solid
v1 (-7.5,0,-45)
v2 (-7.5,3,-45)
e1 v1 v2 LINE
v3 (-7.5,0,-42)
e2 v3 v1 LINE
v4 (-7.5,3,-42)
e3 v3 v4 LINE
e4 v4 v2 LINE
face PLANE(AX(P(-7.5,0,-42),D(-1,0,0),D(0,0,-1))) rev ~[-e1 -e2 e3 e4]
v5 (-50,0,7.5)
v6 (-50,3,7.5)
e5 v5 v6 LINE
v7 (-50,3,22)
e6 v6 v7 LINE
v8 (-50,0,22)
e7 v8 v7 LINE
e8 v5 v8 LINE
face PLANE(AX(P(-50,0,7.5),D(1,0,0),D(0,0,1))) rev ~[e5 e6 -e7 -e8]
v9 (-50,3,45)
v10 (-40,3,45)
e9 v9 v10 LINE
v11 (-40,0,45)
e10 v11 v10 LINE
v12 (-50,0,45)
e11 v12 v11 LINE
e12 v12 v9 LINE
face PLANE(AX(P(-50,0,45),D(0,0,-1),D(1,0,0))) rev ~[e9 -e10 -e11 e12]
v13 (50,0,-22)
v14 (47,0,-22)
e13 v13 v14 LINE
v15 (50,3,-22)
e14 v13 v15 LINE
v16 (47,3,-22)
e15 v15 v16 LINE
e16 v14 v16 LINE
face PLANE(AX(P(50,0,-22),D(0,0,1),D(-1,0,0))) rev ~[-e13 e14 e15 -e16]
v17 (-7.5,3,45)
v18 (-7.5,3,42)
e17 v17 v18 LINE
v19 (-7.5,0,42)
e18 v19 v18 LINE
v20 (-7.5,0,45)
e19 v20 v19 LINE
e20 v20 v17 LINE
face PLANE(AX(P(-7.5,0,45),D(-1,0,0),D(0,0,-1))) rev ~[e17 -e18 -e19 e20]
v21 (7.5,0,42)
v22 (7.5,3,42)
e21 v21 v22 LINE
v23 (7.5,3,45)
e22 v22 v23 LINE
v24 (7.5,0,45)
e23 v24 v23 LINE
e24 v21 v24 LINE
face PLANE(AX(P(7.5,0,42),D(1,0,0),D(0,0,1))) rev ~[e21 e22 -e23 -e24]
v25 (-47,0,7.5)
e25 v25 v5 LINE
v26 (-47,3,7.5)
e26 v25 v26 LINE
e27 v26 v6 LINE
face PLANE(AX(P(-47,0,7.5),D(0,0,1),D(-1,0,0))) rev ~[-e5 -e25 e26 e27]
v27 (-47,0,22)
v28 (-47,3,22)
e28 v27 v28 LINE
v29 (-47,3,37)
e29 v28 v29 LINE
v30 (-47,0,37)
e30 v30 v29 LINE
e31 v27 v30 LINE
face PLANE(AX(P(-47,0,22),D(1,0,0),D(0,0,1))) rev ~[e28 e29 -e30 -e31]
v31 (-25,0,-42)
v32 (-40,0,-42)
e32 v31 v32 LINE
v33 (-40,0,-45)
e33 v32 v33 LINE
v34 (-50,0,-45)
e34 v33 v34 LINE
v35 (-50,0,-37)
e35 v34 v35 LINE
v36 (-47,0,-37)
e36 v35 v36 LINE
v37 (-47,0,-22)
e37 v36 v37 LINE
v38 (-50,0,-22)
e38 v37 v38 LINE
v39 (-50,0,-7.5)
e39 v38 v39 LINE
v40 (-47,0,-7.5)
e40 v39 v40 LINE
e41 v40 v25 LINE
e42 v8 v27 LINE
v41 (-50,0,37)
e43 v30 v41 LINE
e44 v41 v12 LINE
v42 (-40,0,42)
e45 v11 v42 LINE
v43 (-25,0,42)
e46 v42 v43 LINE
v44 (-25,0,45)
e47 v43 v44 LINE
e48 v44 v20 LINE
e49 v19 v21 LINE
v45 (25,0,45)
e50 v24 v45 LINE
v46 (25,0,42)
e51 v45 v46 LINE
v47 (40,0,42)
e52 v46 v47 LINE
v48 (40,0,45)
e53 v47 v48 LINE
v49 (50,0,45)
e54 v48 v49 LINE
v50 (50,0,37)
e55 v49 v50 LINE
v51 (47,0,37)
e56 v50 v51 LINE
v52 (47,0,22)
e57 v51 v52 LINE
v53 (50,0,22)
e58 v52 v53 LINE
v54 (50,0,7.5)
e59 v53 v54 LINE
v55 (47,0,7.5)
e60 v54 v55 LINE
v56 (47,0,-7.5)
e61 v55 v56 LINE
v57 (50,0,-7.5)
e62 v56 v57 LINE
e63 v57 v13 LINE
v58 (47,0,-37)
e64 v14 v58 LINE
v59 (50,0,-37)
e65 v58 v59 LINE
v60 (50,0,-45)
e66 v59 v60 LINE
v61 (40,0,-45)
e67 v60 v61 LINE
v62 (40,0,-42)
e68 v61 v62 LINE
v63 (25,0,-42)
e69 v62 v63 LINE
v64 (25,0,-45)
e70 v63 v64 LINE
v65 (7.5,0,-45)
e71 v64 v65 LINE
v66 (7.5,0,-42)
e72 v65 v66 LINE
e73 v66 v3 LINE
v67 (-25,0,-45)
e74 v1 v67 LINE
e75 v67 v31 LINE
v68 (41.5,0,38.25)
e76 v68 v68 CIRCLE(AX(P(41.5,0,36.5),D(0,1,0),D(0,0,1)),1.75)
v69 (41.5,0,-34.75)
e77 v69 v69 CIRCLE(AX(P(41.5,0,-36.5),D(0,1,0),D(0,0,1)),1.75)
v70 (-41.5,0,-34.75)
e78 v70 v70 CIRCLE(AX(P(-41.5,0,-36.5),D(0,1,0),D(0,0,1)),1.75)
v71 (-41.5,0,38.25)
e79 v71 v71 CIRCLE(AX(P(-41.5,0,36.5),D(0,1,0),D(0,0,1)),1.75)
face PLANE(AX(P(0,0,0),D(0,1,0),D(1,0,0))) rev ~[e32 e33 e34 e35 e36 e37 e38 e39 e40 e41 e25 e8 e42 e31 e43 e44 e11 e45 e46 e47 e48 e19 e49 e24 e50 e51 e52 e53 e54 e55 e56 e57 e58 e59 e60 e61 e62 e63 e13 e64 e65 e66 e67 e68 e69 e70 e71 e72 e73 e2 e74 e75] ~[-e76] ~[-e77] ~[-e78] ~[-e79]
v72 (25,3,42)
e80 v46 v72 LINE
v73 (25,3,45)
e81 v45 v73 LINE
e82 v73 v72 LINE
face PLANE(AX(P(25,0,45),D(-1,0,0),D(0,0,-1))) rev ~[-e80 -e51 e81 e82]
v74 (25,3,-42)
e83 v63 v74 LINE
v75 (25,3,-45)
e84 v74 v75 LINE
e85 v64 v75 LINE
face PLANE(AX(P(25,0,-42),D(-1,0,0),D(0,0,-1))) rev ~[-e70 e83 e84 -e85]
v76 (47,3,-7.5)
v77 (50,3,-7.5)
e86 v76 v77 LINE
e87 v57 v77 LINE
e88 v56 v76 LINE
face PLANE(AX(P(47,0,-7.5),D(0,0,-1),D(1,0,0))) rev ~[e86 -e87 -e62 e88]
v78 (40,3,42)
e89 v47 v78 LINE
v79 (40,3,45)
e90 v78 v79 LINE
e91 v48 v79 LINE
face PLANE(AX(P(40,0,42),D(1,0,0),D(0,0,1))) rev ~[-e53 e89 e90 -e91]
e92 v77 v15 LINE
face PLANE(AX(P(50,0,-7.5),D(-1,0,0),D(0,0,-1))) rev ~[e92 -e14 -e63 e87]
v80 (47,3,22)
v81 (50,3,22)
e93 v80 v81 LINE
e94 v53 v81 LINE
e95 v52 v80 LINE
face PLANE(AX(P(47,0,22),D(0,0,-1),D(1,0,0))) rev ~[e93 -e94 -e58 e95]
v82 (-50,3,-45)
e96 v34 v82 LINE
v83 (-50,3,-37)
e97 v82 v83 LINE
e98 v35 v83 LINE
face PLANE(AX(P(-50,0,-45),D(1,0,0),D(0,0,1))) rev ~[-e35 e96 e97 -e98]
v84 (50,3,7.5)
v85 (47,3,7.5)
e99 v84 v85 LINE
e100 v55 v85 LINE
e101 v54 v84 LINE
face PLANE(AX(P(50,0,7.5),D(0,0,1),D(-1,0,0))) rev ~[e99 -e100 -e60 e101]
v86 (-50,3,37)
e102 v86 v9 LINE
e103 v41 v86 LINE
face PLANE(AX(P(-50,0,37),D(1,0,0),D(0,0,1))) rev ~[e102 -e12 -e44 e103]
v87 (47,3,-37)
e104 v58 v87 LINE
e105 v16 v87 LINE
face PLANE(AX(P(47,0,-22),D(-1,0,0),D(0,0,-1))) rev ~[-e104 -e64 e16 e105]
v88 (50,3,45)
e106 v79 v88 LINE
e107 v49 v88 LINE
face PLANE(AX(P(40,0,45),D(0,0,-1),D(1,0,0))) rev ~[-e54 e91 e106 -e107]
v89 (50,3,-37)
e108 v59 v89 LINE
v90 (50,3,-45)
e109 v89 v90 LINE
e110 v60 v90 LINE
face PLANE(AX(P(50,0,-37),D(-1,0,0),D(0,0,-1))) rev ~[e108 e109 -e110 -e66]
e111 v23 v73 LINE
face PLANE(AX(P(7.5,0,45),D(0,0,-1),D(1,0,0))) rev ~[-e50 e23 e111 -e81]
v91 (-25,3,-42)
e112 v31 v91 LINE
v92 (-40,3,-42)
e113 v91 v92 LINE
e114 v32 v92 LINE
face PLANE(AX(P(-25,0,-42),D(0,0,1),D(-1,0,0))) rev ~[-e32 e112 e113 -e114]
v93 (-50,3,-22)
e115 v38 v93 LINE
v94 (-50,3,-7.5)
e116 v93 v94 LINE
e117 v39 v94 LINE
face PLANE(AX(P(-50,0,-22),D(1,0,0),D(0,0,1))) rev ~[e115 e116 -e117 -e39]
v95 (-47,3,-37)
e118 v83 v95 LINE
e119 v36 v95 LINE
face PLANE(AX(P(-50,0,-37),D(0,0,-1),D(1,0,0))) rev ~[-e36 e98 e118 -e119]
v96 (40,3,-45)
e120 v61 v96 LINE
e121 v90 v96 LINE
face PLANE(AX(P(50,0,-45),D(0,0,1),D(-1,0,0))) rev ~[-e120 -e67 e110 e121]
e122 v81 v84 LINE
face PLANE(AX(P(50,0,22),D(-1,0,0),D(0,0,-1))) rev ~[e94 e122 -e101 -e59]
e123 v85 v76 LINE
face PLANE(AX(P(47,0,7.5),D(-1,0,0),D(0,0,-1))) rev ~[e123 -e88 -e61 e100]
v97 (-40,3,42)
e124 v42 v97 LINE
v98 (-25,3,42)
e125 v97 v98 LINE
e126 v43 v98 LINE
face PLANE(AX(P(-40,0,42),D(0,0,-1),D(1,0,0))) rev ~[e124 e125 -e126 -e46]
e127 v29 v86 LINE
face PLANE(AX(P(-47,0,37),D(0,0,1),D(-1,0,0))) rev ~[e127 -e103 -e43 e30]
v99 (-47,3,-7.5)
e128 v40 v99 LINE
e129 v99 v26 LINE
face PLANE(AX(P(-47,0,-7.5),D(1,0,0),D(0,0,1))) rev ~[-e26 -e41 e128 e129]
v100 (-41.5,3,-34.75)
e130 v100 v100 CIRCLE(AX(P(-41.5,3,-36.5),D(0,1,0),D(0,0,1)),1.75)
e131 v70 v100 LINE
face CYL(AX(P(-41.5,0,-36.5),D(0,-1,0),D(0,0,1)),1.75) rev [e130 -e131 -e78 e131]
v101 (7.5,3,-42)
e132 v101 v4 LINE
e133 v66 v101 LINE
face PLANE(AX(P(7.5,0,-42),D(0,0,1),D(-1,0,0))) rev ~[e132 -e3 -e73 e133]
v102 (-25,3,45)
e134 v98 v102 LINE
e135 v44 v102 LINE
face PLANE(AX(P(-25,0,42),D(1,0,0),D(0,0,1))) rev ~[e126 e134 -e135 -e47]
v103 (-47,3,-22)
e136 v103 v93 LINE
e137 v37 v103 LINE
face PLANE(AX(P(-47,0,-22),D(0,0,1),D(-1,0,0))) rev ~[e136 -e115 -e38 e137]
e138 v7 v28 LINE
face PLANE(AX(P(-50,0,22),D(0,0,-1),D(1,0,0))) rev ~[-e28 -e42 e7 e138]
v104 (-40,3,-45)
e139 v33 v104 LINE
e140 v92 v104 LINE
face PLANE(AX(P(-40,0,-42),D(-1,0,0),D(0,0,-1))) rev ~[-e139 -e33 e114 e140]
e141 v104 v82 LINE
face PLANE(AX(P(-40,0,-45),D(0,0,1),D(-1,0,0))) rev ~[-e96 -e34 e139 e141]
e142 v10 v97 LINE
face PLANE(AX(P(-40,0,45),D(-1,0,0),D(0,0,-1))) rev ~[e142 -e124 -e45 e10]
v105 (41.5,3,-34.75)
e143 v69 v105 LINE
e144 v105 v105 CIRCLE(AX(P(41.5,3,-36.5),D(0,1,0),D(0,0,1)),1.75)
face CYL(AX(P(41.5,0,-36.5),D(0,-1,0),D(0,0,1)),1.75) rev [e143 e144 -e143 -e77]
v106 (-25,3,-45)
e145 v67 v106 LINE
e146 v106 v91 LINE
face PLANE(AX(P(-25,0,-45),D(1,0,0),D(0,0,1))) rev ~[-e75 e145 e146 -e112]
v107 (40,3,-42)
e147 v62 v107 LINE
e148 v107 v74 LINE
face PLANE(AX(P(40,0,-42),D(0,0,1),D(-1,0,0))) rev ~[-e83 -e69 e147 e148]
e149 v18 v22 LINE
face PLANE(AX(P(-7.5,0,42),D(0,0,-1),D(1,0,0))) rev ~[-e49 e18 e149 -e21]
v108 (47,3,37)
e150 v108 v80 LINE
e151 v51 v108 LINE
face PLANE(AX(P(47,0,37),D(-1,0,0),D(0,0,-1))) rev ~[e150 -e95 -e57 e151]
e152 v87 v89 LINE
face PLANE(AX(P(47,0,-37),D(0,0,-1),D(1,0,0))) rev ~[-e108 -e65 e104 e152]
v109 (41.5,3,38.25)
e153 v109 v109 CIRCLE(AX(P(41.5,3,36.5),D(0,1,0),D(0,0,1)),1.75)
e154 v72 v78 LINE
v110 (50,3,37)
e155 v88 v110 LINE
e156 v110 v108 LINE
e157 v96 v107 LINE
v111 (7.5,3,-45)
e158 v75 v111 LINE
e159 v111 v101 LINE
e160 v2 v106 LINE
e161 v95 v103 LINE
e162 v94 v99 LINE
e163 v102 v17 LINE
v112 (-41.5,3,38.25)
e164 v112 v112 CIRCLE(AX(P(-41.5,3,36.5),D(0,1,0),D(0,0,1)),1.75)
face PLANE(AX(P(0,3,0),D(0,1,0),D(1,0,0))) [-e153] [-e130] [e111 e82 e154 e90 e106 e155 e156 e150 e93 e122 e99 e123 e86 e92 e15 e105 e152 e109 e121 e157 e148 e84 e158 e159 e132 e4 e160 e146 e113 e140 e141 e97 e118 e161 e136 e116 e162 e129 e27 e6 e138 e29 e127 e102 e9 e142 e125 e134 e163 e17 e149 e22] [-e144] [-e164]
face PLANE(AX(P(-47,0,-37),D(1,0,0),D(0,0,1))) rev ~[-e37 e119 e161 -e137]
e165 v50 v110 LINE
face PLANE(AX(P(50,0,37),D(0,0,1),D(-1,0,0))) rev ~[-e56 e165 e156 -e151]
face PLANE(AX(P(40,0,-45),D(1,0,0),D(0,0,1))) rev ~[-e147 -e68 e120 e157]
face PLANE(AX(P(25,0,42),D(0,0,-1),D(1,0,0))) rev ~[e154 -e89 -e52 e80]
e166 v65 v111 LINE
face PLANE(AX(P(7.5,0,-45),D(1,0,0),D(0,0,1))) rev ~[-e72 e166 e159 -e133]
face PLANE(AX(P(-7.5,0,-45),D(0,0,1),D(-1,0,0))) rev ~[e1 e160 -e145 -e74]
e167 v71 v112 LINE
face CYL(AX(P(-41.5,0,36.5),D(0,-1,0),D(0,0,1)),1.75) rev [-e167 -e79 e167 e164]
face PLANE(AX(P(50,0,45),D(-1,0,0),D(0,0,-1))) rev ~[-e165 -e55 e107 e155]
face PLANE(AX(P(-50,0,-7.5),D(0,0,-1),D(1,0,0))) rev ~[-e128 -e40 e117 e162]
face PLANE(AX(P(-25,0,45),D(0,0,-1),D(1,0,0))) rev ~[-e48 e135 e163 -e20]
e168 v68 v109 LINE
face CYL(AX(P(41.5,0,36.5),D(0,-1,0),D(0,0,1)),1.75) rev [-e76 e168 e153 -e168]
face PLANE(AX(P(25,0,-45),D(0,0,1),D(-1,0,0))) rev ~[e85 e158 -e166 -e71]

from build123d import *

# Parameters (mm, degrees)
SKETCH_1_R      = 1.75
EXTRUDE_1_DEPTH = 3


with BuildPart() as part:
    # 草图1 → 凸台-拉伸1 (new body)
    with BuildSketch(Plane(origin=(0, 0, 0), x_dir=(1, 0, 0), z_dir=(0, 1, 0))):
        Polygon((-50, -45), (-40, -45), (-40, -42), (-25, -42), (-25, -45), (-7.5, -45), (-7.5, -42), (7.5, -42), (7.5, -45), (25, -45), (25, -42), (40, -42), (40, -45), (50, -45), (50, -37), (47, -37), (47, -22), (50, -22), (50, -7.5), (47, -7.5), (47, 7.5), (50, 7.5), (50, 22), (47, 22), (47, 37), (50, 37), (50, 45), (40, 45), (40, 42), (25, 42), (25, 45), (7.5, 45), (7.5, 42), (-7.5, 42), (-7.5, 45), (-25, 45), (-25, 42), (-40, 42), (-40, 45), (-50, 45), (-50, 37), (-47, 37), (-47, 22), (-50, 22), (-50, 7.5), (-47, 7.5), (-47, -7.5), (-50, -7.5), (-50, -22), (-47, -22), (-47, -37), (-50, -37), align=None)
        with Locations(Location((-41.5, 36.5, 0), (0, 0, 270))):
            Circle(SKETCH_1_R, mode=Mode.SUBTRACT)
        with Locations(Location((41.5, 36.5, 0), (0, 0, 270))):
            Circle(SKETCH_1_R, mode=Mode.SUBTRACT)
        with Locations(Location((41.5, -36.5, 0), (0, 0, 270))):
            Circle(SKETCH_1_R, mode=Mode.SUBTRACT)
        with Locations(Location((-41.5, -36.5, 0), (0, 0, 270))):
            Circle(SKETCH_1_R, mode=Mode.SUBTRACT)
    extrude(amount=EXTRUDE_1_DEPTH)


solid = part.part
